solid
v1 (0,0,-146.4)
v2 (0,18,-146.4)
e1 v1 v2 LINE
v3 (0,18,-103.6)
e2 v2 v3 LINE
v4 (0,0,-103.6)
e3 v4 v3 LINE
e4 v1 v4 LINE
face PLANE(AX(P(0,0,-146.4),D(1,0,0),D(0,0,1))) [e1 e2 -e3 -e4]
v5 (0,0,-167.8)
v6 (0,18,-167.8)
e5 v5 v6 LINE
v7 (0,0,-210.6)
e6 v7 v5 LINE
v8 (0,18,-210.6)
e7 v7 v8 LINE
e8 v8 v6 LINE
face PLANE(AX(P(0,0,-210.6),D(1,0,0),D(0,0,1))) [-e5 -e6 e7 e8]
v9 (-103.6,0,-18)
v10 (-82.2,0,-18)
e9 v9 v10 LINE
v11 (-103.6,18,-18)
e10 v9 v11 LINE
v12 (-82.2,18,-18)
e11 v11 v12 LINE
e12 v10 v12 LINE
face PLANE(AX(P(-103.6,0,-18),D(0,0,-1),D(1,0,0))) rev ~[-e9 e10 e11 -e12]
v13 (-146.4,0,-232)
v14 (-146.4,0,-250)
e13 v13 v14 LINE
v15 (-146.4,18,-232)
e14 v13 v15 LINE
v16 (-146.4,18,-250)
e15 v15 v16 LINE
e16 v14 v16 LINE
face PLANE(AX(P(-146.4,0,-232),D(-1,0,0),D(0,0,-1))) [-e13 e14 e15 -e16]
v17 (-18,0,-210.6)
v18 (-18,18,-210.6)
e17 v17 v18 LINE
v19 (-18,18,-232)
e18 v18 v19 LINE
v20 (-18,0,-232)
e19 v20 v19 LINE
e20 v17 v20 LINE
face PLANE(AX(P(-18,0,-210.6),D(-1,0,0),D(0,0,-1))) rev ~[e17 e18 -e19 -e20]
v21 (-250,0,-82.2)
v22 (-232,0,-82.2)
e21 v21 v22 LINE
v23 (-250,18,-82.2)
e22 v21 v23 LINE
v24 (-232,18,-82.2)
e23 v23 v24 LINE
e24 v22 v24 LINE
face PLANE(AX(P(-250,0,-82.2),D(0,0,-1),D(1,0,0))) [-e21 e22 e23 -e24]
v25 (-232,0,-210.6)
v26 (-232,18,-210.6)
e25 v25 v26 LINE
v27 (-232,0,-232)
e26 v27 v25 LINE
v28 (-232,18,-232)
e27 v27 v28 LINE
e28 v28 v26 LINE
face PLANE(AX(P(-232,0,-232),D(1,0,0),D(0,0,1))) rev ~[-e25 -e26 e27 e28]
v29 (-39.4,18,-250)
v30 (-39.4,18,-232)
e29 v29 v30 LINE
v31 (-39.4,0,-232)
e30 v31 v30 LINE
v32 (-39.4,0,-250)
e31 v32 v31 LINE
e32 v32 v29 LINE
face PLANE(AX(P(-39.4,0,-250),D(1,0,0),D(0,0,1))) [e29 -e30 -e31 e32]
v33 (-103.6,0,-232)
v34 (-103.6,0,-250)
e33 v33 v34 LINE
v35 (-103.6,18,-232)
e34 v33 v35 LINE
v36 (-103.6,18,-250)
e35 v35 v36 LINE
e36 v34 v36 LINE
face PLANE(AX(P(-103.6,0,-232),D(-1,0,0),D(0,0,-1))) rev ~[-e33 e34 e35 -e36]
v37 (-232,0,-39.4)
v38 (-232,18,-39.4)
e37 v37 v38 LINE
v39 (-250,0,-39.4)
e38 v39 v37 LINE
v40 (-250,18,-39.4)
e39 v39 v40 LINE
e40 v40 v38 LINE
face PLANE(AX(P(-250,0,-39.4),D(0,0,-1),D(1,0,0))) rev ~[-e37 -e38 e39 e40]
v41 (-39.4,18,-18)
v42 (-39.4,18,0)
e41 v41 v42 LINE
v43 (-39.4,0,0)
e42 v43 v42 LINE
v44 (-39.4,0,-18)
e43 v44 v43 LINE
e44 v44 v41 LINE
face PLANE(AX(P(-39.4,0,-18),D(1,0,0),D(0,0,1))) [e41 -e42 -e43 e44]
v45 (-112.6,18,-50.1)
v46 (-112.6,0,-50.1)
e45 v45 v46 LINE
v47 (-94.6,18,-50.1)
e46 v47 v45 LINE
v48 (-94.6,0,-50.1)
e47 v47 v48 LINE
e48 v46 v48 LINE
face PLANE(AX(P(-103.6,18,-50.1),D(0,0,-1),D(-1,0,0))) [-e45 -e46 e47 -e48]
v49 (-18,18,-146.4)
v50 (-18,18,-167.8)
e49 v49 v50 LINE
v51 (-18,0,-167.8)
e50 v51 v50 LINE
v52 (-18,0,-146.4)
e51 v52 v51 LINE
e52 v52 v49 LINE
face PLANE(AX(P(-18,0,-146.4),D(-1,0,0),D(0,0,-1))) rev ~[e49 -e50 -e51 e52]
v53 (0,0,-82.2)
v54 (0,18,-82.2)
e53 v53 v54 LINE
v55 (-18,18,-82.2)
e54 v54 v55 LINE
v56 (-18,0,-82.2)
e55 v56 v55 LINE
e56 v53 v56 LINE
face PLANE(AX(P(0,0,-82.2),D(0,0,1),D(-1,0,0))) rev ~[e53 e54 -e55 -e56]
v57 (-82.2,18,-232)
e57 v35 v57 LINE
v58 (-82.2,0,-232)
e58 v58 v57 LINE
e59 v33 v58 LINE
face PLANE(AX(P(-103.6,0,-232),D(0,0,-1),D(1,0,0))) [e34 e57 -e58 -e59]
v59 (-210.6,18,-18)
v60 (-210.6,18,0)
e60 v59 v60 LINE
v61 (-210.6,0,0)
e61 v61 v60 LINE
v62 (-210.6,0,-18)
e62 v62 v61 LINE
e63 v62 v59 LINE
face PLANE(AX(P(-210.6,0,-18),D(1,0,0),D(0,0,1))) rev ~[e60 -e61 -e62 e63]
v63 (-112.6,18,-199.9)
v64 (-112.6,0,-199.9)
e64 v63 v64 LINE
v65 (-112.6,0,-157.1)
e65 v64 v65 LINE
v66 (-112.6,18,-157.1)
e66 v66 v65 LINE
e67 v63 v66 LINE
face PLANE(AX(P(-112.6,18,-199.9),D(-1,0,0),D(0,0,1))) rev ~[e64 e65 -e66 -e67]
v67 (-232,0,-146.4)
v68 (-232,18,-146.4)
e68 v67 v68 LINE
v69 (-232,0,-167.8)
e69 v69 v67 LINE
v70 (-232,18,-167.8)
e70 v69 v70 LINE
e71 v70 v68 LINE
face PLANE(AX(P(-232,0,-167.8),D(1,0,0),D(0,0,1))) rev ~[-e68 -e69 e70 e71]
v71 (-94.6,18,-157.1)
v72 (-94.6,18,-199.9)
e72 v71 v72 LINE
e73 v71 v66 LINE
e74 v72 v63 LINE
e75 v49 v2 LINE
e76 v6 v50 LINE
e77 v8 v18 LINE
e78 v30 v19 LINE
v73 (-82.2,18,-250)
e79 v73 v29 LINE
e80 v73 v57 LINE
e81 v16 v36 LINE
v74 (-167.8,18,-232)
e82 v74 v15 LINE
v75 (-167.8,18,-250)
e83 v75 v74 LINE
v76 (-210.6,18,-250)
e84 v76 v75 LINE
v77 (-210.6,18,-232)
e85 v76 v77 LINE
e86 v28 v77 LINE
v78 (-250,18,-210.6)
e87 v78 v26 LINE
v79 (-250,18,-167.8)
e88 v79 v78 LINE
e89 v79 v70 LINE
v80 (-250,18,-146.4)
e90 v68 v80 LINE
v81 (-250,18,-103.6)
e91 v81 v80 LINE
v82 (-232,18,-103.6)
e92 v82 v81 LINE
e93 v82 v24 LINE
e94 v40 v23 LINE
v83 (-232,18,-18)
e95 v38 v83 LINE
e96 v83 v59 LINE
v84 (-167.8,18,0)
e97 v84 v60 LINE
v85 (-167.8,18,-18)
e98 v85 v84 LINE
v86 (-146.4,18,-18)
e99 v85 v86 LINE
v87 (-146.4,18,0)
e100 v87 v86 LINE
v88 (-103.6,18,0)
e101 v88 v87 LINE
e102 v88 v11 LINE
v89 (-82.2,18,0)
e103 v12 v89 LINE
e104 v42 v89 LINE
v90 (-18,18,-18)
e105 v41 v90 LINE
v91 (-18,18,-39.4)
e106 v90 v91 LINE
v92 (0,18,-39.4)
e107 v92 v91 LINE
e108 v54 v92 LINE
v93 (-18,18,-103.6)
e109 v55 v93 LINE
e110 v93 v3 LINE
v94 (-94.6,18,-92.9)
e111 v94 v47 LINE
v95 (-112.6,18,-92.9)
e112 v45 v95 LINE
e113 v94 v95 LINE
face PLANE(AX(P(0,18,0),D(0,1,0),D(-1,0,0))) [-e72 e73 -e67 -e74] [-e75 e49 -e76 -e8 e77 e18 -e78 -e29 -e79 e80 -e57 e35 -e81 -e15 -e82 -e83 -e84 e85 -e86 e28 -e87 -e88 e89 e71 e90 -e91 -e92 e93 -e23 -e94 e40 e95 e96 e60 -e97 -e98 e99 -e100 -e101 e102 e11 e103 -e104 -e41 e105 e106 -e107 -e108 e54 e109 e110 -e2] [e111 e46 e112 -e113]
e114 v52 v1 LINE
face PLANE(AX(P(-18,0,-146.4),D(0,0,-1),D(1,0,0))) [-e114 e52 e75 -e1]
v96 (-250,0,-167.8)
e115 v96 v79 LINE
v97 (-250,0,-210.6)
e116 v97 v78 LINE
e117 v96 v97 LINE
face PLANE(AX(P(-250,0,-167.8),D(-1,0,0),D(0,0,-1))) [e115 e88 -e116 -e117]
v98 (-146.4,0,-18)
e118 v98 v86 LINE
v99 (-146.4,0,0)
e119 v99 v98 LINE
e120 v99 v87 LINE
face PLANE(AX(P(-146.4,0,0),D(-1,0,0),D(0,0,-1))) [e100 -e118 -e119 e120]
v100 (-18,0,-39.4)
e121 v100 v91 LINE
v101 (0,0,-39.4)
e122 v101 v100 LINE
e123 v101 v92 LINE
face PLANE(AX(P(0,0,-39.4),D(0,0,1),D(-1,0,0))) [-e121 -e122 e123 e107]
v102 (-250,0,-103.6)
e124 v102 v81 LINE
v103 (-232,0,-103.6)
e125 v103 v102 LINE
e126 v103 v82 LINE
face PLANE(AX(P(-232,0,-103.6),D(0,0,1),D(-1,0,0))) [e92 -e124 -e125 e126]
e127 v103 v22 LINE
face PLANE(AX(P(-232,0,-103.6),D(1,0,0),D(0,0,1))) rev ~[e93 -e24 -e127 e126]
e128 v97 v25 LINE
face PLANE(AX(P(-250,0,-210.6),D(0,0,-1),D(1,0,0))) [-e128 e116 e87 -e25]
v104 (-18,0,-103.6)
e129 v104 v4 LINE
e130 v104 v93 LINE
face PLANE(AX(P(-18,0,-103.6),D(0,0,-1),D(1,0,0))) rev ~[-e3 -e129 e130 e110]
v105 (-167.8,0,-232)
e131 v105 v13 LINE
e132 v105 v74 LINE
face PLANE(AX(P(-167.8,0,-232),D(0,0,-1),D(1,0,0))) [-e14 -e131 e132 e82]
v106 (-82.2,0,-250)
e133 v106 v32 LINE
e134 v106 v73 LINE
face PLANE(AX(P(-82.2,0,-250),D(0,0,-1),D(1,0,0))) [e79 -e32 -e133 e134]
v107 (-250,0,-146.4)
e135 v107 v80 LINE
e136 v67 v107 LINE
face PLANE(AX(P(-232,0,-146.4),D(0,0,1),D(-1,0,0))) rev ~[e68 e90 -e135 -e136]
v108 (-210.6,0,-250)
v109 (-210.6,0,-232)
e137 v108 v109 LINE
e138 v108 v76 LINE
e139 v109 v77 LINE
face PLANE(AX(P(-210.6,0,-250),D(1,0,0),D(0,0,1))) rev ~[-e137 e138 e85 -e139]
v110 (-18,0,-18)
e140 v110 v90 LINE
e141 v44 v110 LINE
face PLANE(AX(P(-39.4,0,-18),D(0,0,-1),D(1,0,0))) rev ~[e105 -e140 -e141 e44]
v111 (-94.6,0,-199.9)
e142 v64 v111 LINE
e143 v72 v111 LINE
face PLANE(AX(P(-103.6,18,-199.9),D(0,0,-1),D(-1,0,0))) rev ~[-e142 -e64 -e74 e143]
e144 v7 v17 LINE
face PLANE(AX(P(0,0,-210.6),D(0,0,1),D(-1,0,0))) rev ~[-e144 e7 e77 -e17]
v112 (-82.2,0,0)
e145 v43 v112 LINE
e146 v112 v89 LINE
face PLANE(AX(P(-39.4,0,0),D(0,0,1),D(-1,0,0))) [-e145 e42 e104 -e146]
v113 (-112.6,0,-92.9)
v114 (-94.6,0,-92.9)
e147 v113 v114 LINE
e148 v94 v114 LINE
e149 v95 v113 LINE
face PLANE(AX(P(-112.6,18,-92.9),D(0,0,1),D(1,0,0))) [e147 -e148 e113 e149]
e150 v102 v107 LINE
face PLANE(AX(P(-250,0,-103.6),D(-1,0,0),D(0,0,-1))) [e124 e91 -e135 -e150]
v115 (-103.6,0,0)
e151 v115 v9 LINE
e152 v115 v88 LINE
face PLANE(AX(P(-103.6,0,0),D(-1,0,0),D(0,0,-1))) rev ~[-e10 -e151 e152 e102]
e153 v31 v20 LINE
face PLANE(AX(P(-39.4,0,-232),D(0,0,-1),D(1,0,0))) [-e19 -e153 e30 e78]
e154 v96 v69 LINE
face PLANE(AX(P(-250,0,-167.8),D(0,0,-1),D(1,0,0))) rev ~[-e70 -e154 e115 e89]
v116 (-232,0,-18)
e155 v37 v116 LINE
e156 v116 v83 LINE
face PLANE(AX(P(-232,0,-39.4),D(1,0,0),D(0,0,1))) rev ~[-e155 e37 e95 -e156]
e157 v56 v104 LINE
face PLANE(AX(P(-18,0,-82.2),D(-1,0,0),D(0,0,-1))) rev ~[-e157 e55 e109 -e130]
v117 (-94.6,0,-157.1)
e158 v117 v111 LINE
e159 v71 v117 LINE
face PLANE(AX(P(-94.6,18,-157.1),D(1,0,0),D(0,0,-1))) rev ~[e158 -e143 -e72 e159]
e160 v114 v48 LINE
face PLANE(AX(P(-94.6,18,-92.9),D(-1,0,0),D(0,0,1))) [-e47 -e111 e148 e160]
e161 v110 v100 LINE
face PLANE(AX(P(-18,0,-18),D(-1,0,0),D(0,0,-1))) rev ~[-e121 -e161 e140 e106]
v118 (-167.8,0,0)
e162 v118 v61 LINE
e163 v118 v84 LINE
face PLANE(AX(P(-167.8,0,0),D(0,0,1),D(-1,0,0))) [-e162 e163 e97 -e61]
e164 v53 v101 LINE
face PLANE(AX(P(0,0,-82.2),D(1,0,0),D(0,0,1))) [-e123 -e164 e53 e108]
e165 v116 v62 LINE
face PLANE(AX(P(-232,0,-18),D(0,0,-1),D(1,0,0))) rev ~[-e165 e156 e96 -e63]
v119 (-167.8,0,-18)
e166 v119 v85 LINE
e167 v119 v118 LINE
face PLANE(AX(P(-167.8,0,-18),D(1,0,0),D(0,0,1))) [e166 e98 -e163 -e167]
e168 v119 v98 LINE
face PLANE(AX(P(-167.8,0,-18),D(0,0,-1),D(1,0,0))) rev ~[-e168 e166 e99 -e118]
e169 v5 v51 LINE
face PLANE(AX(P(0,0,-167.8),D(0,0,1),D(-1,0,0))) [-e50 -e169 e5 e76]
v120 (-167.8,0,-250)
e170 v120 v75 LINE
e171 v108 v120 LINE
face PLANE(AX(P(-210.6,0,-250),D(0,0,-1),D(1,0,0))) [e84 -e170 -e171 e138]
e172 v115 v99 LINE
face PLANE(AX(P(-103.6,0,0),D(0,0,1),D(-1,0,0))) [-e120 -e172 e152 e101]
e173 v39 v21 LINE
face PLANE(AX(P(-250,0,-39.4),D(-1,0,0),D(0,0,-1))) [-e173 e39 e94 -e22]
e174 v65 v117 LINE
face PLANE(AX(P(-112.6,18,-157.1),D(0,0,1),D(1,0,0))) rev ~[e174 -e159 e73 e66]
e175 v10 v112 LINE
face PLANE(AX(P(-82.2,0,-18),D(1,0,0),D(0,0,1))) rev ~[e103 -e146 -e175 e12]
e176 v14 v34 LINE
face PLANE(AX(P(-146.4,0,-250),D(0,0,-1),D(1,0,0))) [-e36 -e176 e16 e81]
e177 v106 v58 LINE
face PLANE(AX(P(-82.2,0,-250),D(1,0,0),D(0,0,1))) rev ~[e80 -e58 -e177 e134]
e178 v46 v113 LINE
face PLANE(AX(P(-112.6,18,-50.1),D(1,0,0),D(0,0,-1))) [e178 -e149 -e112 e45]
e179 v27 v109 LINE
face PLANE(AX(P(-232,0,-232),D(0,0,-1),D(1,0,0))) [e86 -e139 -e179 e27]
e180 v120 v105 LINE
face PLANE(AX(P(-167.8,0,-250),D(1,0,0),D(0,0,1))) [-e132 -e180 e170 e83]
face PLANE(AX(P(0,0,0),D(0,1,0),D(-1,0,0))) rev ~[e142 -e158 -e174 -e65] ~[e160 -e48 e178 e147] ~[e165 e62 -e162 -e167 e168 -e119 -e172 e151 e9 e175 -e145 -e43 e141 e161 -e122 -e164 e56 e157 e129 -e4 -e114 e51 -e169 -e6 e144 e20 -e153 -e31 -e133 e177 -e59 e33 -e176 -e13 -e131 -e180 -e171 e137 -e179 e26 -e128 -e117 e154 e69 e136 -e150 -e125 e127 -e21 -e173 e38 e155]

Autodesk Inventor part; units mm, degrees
ref_plane "YZ Plane" through (0, 0, 0) normal (1, 0, 0) x (0, 1, 0)
ref_plane "XZ Plane" through (0, 0, 0) normal (0, 1, 0) x (-1, 0, 0)
ref_plane "XY Plane" through (0, 0, 0) normal (0, 0, 1) x (1, 0, 0)
sketch "Sketch1" plane through (0, 0, 0) normal (0, 1, 0) x (-1, 0, 0)
  line L0 (0, 0) -> (250, 0)
  line L1 (250, 0) -> (250, -250)
  line L2 (250, -250) -> (0, -250)
  line L3 (0, -250) -> (0, 0)
  line L4 (232, -232) -> (232, -18)
  line L5 (232, -232) -> (18, -232)
  line L6 (18, -232) -> (232, -232)
  line L7 (250, -18) -> (250, -39.4)
  line L8 (250, -39.4) -> (232, -39.4)
  line L9 (232, -39.4) -> (232, -18)
  line L10 (232, -103.6) -> (250, -103.6)
  line L11 (250, -82.2) -> (232, -82.2)
  line L12 (232, -82.2) -> (232, -103.6)
  line L13 (250, -167.8) -> (232, -167.8)
  line L14 (232, -146.4) -> (250, -146.4)
  line L15 (250, -210.6) -> (232, -210.6)
  line L16 (0, 0) -> (0, -18)
  line L17 (232, -18) -> (232, 0)
  line L18 (0, -39.4) -> (18, -39.4)
  line L19 (0, -82.2) -> (18, -82.2)
  line L20 (18, -103.6) -> (0, -103.6)
  line L21 (18, -146.4) -> (0, -146.4)
  line L22 (0, -167.8) -> (18, -167.8)
  line L23 (0, -210.6) -> (18, -210.6)
  line L24 (39.4, -250) -> (39.4, -232)
  line L25 (82.2, -250) -> (82.2, -232)
  line L26 (103.6, -232) -> (103.6, -250)
  line L27 (146.4, -232) -> (146.4, -250)
  line L28 (167.8, -250) -> (167.8, -232)
  line L29 (210.6, -250) -> (210.6, -232)
  line L30 (146.4, 0) -> (146.4, -18)
  line L31 (103.6, 0) -> (103.6, -18)
  line L32 (82.2, -18) -> (82.2, 0)
  line L33 (39.4, -18) -> (39.4, 0)
  line L34 (167.8, -18) -> (167.8, 0)
  line L35 (210.6, -18) -> (210.6, 0)
  line L36 (232, -18) -> (18, -18)
  line L37 (18, -18) -> (18, -232)
  point P0 (0, -146.4)
  point P1 (18, -232)
  dimension "d0" = 250
  dimension "d1" = 250
  dimension "d4" = 21.4
extrude "Plate2" add sketch "Sketch1" along normal blind 18 contours L0 L32 L36 L33 | L36 L4 L5 L37 | L18 L37 L19 L3 | L0 L30 L36 L31 | L20 L37 L21 L3 | L0 L35 L36 L34 | L22 L37 L23 L3 | L8 L1 L11 L4 | L24 L5 L25 L2 | L10 L1 L14 L4 | L26 L5 L27 L2 | L13 L1 L15 L4 | L28 L5 L29 L2
sketch "Sketch2" plane through (0, 18, 0) normal (0, 1, 0) x (1, 0, 0)
  line L0 (0, 103.6) -> (0, 146.4) projected
  line L1 (-103.6, 18) -> (-82.2, 18) projected
  line L2 (-82.2, 232) -> (-103.6, 232) projected
  line L3 (-103.6, 18) -> (-103.6, 232)
  line L4 (-103.6, 18) -> (-103.6, 125)
  line L5 (-94.6, 50.1) -> (-112.6, 50.1)
  line L6 (-112.6, 50.1) -> (-112.6, 92.9)
  line L7 (-112.6, 92.9) -> (-94.6, 92.9)
  line L8 (-94.6, 92.9) -> (-94.6, 50.1)
  line L9 (-94.6, 50.1) -> (-112.6, 92.9) construction
  line L10 (-112.6, 50.1) -> (-94.6, 92.9) construction
  line L11 (-103.6, 232) -> (-103.6, 125)
  line L12 (-103.6, 125) -> (-103.6, 178.5)
  line L13 (-94.6, 199.9) -> (-112.6, 199.9)
  line L14 (-112.6, 199.9) -> (-112.6, 157.1)
  line L15 (-112.6, 157.1) -> (-94.6, 157.1)
  line L16 (-94.6, 157.1) -> (-94.6, 199.9)
  line L17 (-94.6, 199.9) -> (-112.6, 157.1) construction
  line L18 (-112.6, 199.9) -> (-94.6, 157.1) construction
  point P0 (0, 0)
  point P1 (-103.6, 71.5)
  dimension "d7" = 18
  dimension "d8" = 42.8
  dimension "d9" = 42.8
extrude "Cut1" cut sketch "Sketch2" against normal blind 18
sketch "Sketch3" plane through (0, 18, 0) normal (0, 1, 0) x (1, 0, 0)
  line L0 (-112.6, 50.1) -> (-94.6, 50.1)
  line L1 (-94.6, 50.1) -> (-94.6, 0)
  line L2 (-94.6, 0) -> (-112.6, 0)
  line L3 (-112.6, 0) -> (-112.6, 50.1)
  line L4 (-94.6, 199.9) -> (-94.6, 157.1) projected
  line L5 (-94.6, 157.1) -> (-112.6, 157.1) projected
  line L6 (-112.6, 157.1) -> (-112.6, 199.9) projected
  line L7 (-112.6, 199.9) -> (-94.6, 199.9) projected
  line L8 (-112.6, 50.1) -> (-112.6, 92.9) projected
  line L9 (-112.6, 92.9) -> (-94.6, 92.9) projected
  line L10 (-94.6, 92.9) -> (-94.6, 50.1) projected
  line L11 (-94.6, 50.1) -> (-112.6, 50.1) projected
  line L12 (-250, 82.2) -> (-232, 82.2) projected
  line L13 (-250, 39.4) -> (-250, 82.2) projected
  line L14 (-232, 39.4) -> (-250, 39.4) projected
  line L15 (-232, 18) -> (-232, 39.4) projected
  line L16 (-210.6, 18) -> (-232, 18) projected
  line L17 (-210.6, 0) -> (-210.6, 18) projected
  line L18 (-167.8, 0) -> (-210.6, 0) projected
  line L19 (-167.8, 18) -> (-167.8, 0) projected
  line L20 (-146.4, 18) -> (-167.8, 18) projected
  line L21 (-146.4, 0) -> (-146.4, 18) projected
  line L22 (-103.6, 0) -> (-146.4, 0) projected
  line L23 (-103.6, 18) -> (-103.6, 0) projected
  line L24 (-82.2, 18) -> (-103.6, 18) projected
  line L25 (-82.2, 0) -> (-82.2, 18) projected
  line L26 (-39.4, 0) -> (-82.2, 0) projected
  line L27 (-39.4, 18) -> (-39.4, 0) projected
  line L28 (-18, 18) -> (-39.4, 18) projected
  line L29 (-18, 39.4) -> (-18, 18) projected
  line L30 (0, 39.4) -> (-18, 39.4) projected
  line L31 (0, 82.2) -> (0, 39.4) projected
  line L32 (-18, 82.2) -> (0, 82.2) projected
  line L33 (-18, 103.6) -> (-18, 82.2) projected
  line L34 (0, 103.6) -> (-18, 103.6) projected
  line L35 (0, 146.4) -> (0, 103.6) projected
  line L36 (-18, 146.4) -> (0, 146.4) projected
  line L37 (-18, 167.8) -> (-18, 146.4) projected
  line L38 (0, 167.8) -> (-18, 167.8) projected
  line L39 (0, 210.6) -> (0, 167.8) projected
  line L40 (-18, 210.6) -> (0, 210.6) projected
  line L41 (-18, 232) -> (-18, 210.6) projected
  line L42 (-39.4, 232) -> (-18, 232) projected
  line L43 (-39.4, 250) -> (-39.4, 232) projected
  line L44 (-82.2, 250) -> (-39.4, 250) projected
  line L45 (-82.2, 232) -> (-82.2, 250) projected
  line L46 (-103.6, 232) -> (-82.2, 232) projected
  line L47 (-103.6, 250) -> (-103.6, 232) projected
  line L48 (-146.4, 250) -> (-103.6, 250) projected
  line L49 (-146.4, 232) -> (-146.4, 250) projected
  line L50 (-167.8, 232) -> (-146.4, 232) projected
  line L51 (-167.8, 250) -> (-167.8, 232) projected
  line L52 (-210.6, 250) -> (-167.8, 250) projected
  line L53 (-210.6, 232) -> (-210.6, 250) projected
  line L54 (-232, 232) -> (-210.6, 232) projected
  line L55 (-232, 210.6) -> (-232, 232) projected
  line L56 (-250, 210.6) -> (-232, 210.6) projected
  line L57 (-250, 167.8) -> (-250, 210.6) projected
  line L58 (-232, 167.8) -> (-250, 167.8) projected
  line L59 (-232, 146.4) -> (-232, 167.8) projected
  line L60 (-250, 146.4) -> (-232, 146.4) projected
  line L61 (-250, 103.6) -> (-250, 146.4) projected
  line L62 (-232, 103.6) -> (-250, 103.6) projected
  line L63 (-232, 82.2) -> (-232, 103.6) projected
  line L64 (-112.6, 50.1) -> (-94.6, 50.1)
  line L65 (-94.6, 50.1) -> (-94.6, 92.9)
  line L66 (-94.6, 92.9) -> (-112.6, 92.9)
  line L67 (-112.6, 92.9) -> (-112.6, 50.1)
  line L68 (-94.6, 92.9) -> (-112.6, 92.9)
  line L69 (-112.6, 92.9) -> (-112.6, 157.1)
  line L70 (-112.6, 157.1) -> (-94.6, 157.1)
  line L71 (-94.6, 157.1) -> (-94.6, 92.9)
  line L72 (-112.6, 157.1) -> (-112.6, 199.9) projected
  line L73 (-94.6, 157.1) -> (-112.6, 157.1)
  line L74 (-112.6, 157.1) -> (-112.6, 199.9)
  line L75 (-112.6, 199.9) -> (-94.6, 199.9)
  line L76 (-94.6, 199.9) -> (-94.6, 157.1)
  line L77 (-112.6, 199.9) -> (-94.6, 199.9)
  line L78 (-94.6, 199.9) -> (-94.6, 250)
  line L79 (-94.6, 250) -> (-112.6, 250)
  line L80 (-112.6, 250) -> (-112.6, 199.9)
  point P0 (0, 0)
  dimension "d12" = 18
equation "\"d10\" = Thickness"
equation "\"d5\" = Thickness"
equation "\"BendRadius\" = Thickness"
equation "\"BendReliefWidth\" = Thickness"
equation "\"BendReliefDepth\" = 0.5 * Thickness"
equation "\"CornerReliefSize\" = 4 * Thickness"
equation "\"MinimumRemnant\" = 2 * Thickness"
equation "\"TransitionRadius\" = BendRadius"
equation "\"JacobiRadiusSize\" = BendRadius"
equation "\"GapSize\" = Thickness"
equation "\"Thickness\" = 18"
properties part number "3"
